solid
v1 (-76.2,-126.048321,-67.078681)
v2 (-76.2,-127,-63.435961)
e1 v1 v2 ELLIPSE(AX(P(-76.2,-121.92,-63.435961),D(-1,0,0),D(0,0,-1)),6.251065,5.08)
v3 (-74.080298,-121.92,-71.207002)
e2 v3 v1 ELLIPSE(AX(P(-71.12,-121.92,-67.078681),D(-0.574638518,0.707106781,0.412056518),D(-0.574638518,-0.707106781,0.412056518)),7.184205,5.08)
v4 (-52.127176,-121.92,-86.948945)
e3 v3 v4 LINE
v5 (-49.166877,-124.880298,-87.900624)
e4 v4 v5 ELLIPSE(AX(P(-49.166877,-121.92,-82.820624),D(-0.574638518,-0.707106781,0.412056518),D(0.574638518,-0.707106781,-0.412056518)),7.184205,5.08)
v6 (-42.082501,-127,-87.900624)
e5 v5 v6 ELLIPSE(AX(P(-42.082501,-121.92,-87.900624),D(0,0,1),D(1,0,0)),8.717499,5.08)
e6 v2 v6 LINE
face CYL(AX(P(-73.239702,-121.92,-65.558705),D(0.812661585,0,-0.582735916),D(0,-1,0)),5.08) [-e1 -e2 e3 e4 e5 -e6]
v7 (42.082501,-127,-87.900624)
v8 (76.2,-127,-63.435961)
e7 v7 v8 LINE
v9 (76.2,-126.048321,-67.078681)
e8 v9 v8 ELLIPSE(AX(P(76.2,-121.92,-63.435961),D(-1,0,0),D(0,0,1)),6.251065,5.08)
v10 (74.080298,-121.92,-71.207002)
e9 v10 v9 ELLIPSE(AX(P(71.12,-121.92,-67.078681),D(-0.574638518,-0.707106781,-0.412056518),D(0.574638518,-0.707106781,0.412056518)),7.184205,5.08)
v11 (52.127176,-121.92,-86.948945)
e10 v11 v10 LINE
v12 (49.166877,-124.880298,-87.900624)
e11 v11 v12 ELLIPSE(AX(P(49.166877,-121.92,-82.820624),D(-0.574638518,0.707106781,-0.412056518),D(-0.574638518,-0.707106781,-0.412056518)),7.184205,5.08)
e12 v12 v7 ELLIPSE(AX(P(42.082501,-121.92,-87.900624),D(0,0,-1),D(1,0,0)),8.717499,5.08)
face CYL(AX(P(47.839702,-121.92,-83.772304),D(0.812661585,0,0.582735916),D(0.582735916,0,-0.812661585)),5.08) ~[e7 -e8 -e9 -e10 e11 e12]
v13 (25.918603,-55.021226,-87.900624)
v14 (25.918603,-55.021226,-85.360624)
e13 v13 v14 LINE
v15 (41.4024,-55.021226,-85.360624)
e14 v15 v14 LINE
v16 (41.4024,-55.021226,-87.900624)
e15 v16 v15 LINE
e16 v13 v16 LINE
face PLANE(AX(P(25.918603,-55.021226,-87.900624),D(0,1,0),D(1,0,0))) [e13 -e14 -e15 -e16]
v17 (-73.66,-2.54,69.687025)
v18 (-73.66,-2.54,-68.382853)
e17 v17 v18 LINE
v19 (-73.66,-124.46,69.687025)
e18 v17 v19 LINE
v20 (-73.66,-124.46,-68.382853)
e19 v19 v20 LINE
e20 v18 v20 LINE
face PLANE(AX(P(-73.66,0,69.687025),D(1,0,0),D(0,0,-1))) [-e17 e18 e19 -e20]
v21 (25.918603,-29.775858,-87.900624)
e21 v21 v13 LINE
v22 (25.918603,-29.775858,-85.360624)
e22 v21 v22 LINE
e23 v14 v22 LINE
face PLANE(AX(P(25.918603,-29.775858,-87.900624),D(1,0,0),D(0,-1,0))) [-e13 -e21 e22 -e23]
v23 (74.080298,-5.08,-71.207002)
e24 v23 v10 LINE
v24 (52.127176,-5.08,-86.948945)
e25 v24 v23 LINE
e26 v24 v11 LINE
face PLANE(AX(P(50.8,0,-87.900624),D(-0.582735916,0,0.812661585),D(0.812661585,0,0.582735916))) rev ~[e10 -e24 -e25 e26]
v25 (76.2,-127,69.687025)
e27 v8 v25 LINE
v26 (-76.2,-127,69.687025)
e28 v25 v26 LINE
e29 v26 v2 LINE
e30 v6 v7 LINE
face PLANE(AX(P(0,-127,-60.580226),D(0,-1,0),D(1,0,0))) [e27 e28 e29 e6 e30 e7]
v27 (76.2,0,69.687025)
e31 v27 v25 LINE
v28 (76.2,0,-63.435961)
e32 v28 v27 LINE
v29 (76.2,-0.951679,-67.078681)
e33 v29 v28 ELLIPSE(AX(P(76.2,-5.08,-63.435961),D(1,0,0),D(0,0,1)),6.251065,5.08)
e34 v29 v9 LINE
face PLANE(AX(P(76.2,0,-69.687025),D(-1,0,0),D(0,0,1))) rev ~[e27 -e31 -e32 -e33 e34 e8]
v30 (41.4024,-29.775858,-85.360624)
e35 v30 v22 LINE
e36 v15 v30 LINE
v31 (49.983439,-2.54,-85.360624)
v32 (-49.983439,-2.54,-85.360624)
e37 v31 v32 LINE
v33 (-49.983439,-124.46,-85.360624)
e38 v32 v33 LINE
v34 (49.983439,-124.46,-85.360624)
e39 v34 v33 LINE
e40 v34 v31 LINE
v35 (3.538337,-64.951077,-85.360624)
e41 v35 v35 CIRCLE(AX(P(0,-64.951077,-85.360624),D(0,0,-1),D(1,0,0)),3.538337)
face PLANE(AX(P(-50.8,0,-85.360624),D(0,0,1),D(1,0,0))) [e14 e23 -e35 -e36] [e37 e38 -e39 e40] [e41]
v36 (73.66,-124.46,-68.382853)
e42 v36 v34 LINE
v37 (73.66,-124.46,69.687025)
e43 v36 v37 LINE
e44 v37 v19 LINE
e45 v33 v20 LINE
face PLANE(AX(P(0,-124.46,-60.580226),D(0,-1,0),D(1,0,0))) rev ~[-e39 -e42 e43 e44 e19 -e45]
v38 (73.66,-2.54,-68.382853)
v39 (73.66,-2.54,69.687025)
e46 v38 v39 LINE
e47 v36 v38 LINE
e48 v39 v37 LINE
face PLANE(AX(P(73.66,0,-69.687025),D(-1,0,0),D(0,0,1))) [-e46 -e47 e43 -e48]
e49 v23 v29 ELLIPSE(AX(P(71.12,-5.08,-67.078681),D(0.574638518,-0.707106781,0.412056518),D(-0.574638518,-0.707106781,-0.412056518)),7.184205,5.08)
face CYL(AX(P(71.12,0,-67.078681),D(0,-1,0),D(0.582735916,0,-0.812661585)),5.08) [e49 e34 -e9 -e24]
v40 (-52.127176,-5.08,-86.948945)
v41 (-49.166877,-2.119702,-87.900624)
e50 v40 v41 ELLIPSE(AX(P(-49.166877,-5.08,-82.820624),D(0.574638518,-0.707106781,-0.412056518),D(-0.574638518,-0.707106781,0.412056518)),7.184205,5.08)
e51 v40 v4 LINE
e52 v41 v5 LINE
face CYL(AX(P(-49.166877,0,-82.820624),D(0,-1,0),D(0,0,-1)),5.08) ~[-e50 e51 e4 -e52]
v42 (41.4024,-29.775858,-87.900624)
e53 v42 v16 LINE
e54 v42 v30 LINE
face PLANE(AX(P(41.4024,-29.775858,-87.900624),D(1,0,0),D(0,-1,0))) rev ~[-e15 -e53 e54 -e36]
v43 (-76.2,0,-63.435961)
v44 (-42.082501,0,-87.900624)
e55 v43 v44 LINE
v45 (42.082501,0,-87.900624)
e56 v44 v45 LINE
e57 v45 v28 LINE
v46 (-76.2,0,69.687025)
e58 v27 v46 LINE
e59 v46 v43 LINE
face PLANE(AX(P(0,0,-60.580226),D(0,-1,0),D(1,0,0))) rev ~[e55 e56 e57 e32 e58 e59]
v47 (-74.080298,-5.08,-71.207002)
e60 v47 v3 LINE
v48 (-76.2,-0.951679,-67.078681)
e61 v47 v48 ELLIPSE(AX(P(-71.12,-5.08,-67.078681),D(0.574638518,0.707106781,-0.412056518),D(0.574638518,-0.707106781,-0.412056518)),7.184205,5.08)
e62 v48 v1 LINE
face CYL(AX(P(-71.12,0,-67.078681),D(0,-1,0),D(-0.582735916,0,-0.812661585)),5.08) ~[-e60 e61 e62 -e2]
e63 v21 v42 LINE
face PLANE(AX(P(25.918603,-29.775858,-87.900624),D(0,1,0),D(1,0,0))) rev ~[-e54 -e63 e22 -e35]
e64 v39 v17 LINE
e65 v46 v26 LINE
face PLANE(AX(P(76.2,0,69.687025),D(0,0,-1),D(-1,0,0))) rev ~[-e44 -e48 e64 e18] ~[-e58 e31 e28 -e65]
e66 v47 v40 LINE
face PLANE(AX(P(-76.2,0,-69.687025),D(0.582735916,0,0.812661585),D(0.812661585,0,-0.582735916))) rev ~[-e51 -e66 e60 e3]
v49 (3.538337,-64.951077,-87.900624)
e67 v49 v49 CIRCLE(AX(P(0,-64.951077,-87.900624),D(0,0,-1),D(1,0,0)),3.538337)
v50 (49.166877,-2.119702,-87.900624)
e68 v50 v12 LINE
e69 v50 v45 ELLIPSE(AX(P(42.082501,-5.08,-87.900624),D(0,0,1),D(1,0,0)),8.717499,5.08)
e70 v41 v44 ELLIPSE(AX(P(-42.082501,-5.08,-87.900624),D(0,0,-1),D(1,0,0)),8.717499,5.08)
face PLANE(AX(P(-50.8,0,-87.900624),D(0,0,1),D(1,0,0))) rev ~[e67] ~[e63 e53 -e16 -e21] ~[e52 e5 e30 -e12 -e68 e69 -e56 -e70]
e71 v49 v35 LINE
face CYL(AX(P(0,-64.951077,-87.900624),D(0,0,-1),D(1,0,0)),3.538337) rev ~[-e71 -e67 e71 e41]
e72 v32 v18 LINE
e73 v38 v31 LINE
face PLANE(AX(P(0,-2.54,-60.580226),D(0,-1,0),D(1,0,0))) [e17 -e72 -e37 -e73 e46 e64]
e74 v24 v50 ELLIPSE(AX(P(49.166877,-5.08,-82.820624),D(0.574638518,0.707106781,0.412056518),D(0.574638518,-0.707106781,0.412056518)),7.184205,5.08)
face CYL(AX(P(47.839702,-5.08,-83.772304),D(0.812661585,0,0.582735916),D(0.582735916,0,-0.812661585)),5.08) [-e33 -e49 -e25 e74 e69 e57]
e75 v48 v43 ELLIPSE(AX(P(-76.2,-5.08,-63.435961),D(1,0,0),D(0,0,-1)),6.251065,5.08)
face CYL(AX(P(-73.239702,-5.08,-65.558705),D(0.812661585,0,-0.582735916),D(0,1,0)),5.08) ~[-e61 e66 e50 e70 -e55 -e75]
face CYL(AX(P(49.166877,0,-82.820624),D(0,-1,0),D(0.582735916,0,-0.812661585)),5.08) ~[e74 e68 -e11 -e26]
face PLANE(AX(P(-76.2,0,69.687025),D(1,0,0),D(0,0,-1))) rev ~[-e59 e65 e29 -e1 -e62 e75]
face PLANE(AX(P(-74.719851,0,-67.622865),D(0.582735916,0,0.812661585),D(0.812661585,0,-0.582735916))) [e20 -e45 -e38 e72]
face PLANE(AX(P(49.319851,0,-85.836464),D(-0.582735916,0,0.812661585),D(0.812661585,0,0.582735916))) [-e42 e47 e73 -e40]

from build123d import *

# Parameters (mm, degrees)
F0_W     = 101.6
F0_H     = 18.2135990537
F1_DEPTH = 127
F2_DEPTH = 127
F3_T     = -2.54
F4_W     = 15.4837965965
F4_H     = 25.2453684807
F5_DEPTH = 25.4
F6_R     = 3.5383368109
F7_DEPTH = 25.4
F8_R     = 5.08
F9_R     = 5.08


with BuildPart() as f1:
    # F0 (on Front) → F1 (new body)
    with BuildSketch(Plane.XZ):
        with Locations((0, -60.580225858)):
            Rectangle(F0_W, F0_H)
        Polygon((-50.8, -69.6870253848), (-76.2, -69.6870253848), (-50.8, -87.9006244385), align=None)
        Polygon((-76.2, 69.6870253848), (-76.2, -69.6870253848), (-50.8, -69.6870253848), (-50.8, -51.4734263312), (50.8, -51.4734263312), (50.8, -69.6870253848), (76.2, -69.6870253848), (76.2, 69.6870253848), align=None)
        Polygon((76.2, -69.6870253848), (50.8, -69.6870253848), (50.8, -87.9006244385), align=None)
        with Locations((0, -78.7938249116)):
            Rectangle(F0_W, F0_H)
    extrude(amount=F1_DEPTH)

    # F0 (on Front) → F2 (join)
    with BuildSketch(Plane.XZ):
        Polygon((76.2, -69.6870253848), (50.8, -69.6870253848), (50.8, -87.9006244385), align=None)
        Polygon((-76.2, 69.6870253848), (-76.2, -69.6870253848), (-50.8, -69.6870253848), (-50.8, -51.4734263312), (50.8, -51.4734263312), (50.8, -69.6870253848), (76.2, -69.6870253848), (76.2, 69.6870253848), align=None)
        with Locations((0, -78.7938249116)):
            Rectangle(F0_W, F0_H)
        with Locations((0, -60.580225858)):
            Rectangle(F0_W, F0_H)
        Polygon((-50.8, -69.6870253848), (-76.2, -69.6870253848), (-50.8, -87.9006244385), align=None)
    extrude(amount=F2_DEPTH)

    # F3
    f3_openings = [f1.faces().sort_by_distance(p)[0] for p in [
        (0, -63.5, 69.687025),
    ]]
    offset(amount=F3_T, openings=f3_openings)

    # F4 (on face) → F5 (cut)
    with BuildSketch(Plane(origin=(0, 0, -87.9006244385), x_dir=(1, 0, 0), z_dir=(0, 0, -1))):
        with Locations((33.6605012417, 42.3985421658)):
            Rectangle(F4_W, F4_H)
    extrude(amount=-F5_DEPTH, mode=Mode.SUBTRACT)

    # F6 (on face) → F7 (cut)
    with BuildSketch(Plane(origin=(0, 0, -87.9006244385), x_dir=(1, 0, 0), z_dir=(0, 0, -1))):
        with Locations((0, 64.9510771036)):
            Circle(F6_R)
    extrude(amount=-F7_DEPTH, mode=Mode.SUBTRACT)

    # F8
    f8_edges = [f1.edges().sort_by_distance(p)[0] for p in [
        (50.8, -63.5, -87.900624),
        (76.2, -63.5, -69.687025),
        (63.5, 0, -78.793825),
        (63.5, -127, -78.793825),
    ]]
    fillet(f8_edges, radius=F8_R)

    # F9
    f9_edges = [f1.edges().sort_by_distance(p)[0] for p in [
        (-76.2, -63.5, -69.687025),
        (-50.8, -63.5, -87.900624),
        (-63.5, 0, -78.793825),
        (-63.5, -127, -78.793825),
    ]]
    fillet(f9_edges, radius=F9_R)


solid = f1.part
